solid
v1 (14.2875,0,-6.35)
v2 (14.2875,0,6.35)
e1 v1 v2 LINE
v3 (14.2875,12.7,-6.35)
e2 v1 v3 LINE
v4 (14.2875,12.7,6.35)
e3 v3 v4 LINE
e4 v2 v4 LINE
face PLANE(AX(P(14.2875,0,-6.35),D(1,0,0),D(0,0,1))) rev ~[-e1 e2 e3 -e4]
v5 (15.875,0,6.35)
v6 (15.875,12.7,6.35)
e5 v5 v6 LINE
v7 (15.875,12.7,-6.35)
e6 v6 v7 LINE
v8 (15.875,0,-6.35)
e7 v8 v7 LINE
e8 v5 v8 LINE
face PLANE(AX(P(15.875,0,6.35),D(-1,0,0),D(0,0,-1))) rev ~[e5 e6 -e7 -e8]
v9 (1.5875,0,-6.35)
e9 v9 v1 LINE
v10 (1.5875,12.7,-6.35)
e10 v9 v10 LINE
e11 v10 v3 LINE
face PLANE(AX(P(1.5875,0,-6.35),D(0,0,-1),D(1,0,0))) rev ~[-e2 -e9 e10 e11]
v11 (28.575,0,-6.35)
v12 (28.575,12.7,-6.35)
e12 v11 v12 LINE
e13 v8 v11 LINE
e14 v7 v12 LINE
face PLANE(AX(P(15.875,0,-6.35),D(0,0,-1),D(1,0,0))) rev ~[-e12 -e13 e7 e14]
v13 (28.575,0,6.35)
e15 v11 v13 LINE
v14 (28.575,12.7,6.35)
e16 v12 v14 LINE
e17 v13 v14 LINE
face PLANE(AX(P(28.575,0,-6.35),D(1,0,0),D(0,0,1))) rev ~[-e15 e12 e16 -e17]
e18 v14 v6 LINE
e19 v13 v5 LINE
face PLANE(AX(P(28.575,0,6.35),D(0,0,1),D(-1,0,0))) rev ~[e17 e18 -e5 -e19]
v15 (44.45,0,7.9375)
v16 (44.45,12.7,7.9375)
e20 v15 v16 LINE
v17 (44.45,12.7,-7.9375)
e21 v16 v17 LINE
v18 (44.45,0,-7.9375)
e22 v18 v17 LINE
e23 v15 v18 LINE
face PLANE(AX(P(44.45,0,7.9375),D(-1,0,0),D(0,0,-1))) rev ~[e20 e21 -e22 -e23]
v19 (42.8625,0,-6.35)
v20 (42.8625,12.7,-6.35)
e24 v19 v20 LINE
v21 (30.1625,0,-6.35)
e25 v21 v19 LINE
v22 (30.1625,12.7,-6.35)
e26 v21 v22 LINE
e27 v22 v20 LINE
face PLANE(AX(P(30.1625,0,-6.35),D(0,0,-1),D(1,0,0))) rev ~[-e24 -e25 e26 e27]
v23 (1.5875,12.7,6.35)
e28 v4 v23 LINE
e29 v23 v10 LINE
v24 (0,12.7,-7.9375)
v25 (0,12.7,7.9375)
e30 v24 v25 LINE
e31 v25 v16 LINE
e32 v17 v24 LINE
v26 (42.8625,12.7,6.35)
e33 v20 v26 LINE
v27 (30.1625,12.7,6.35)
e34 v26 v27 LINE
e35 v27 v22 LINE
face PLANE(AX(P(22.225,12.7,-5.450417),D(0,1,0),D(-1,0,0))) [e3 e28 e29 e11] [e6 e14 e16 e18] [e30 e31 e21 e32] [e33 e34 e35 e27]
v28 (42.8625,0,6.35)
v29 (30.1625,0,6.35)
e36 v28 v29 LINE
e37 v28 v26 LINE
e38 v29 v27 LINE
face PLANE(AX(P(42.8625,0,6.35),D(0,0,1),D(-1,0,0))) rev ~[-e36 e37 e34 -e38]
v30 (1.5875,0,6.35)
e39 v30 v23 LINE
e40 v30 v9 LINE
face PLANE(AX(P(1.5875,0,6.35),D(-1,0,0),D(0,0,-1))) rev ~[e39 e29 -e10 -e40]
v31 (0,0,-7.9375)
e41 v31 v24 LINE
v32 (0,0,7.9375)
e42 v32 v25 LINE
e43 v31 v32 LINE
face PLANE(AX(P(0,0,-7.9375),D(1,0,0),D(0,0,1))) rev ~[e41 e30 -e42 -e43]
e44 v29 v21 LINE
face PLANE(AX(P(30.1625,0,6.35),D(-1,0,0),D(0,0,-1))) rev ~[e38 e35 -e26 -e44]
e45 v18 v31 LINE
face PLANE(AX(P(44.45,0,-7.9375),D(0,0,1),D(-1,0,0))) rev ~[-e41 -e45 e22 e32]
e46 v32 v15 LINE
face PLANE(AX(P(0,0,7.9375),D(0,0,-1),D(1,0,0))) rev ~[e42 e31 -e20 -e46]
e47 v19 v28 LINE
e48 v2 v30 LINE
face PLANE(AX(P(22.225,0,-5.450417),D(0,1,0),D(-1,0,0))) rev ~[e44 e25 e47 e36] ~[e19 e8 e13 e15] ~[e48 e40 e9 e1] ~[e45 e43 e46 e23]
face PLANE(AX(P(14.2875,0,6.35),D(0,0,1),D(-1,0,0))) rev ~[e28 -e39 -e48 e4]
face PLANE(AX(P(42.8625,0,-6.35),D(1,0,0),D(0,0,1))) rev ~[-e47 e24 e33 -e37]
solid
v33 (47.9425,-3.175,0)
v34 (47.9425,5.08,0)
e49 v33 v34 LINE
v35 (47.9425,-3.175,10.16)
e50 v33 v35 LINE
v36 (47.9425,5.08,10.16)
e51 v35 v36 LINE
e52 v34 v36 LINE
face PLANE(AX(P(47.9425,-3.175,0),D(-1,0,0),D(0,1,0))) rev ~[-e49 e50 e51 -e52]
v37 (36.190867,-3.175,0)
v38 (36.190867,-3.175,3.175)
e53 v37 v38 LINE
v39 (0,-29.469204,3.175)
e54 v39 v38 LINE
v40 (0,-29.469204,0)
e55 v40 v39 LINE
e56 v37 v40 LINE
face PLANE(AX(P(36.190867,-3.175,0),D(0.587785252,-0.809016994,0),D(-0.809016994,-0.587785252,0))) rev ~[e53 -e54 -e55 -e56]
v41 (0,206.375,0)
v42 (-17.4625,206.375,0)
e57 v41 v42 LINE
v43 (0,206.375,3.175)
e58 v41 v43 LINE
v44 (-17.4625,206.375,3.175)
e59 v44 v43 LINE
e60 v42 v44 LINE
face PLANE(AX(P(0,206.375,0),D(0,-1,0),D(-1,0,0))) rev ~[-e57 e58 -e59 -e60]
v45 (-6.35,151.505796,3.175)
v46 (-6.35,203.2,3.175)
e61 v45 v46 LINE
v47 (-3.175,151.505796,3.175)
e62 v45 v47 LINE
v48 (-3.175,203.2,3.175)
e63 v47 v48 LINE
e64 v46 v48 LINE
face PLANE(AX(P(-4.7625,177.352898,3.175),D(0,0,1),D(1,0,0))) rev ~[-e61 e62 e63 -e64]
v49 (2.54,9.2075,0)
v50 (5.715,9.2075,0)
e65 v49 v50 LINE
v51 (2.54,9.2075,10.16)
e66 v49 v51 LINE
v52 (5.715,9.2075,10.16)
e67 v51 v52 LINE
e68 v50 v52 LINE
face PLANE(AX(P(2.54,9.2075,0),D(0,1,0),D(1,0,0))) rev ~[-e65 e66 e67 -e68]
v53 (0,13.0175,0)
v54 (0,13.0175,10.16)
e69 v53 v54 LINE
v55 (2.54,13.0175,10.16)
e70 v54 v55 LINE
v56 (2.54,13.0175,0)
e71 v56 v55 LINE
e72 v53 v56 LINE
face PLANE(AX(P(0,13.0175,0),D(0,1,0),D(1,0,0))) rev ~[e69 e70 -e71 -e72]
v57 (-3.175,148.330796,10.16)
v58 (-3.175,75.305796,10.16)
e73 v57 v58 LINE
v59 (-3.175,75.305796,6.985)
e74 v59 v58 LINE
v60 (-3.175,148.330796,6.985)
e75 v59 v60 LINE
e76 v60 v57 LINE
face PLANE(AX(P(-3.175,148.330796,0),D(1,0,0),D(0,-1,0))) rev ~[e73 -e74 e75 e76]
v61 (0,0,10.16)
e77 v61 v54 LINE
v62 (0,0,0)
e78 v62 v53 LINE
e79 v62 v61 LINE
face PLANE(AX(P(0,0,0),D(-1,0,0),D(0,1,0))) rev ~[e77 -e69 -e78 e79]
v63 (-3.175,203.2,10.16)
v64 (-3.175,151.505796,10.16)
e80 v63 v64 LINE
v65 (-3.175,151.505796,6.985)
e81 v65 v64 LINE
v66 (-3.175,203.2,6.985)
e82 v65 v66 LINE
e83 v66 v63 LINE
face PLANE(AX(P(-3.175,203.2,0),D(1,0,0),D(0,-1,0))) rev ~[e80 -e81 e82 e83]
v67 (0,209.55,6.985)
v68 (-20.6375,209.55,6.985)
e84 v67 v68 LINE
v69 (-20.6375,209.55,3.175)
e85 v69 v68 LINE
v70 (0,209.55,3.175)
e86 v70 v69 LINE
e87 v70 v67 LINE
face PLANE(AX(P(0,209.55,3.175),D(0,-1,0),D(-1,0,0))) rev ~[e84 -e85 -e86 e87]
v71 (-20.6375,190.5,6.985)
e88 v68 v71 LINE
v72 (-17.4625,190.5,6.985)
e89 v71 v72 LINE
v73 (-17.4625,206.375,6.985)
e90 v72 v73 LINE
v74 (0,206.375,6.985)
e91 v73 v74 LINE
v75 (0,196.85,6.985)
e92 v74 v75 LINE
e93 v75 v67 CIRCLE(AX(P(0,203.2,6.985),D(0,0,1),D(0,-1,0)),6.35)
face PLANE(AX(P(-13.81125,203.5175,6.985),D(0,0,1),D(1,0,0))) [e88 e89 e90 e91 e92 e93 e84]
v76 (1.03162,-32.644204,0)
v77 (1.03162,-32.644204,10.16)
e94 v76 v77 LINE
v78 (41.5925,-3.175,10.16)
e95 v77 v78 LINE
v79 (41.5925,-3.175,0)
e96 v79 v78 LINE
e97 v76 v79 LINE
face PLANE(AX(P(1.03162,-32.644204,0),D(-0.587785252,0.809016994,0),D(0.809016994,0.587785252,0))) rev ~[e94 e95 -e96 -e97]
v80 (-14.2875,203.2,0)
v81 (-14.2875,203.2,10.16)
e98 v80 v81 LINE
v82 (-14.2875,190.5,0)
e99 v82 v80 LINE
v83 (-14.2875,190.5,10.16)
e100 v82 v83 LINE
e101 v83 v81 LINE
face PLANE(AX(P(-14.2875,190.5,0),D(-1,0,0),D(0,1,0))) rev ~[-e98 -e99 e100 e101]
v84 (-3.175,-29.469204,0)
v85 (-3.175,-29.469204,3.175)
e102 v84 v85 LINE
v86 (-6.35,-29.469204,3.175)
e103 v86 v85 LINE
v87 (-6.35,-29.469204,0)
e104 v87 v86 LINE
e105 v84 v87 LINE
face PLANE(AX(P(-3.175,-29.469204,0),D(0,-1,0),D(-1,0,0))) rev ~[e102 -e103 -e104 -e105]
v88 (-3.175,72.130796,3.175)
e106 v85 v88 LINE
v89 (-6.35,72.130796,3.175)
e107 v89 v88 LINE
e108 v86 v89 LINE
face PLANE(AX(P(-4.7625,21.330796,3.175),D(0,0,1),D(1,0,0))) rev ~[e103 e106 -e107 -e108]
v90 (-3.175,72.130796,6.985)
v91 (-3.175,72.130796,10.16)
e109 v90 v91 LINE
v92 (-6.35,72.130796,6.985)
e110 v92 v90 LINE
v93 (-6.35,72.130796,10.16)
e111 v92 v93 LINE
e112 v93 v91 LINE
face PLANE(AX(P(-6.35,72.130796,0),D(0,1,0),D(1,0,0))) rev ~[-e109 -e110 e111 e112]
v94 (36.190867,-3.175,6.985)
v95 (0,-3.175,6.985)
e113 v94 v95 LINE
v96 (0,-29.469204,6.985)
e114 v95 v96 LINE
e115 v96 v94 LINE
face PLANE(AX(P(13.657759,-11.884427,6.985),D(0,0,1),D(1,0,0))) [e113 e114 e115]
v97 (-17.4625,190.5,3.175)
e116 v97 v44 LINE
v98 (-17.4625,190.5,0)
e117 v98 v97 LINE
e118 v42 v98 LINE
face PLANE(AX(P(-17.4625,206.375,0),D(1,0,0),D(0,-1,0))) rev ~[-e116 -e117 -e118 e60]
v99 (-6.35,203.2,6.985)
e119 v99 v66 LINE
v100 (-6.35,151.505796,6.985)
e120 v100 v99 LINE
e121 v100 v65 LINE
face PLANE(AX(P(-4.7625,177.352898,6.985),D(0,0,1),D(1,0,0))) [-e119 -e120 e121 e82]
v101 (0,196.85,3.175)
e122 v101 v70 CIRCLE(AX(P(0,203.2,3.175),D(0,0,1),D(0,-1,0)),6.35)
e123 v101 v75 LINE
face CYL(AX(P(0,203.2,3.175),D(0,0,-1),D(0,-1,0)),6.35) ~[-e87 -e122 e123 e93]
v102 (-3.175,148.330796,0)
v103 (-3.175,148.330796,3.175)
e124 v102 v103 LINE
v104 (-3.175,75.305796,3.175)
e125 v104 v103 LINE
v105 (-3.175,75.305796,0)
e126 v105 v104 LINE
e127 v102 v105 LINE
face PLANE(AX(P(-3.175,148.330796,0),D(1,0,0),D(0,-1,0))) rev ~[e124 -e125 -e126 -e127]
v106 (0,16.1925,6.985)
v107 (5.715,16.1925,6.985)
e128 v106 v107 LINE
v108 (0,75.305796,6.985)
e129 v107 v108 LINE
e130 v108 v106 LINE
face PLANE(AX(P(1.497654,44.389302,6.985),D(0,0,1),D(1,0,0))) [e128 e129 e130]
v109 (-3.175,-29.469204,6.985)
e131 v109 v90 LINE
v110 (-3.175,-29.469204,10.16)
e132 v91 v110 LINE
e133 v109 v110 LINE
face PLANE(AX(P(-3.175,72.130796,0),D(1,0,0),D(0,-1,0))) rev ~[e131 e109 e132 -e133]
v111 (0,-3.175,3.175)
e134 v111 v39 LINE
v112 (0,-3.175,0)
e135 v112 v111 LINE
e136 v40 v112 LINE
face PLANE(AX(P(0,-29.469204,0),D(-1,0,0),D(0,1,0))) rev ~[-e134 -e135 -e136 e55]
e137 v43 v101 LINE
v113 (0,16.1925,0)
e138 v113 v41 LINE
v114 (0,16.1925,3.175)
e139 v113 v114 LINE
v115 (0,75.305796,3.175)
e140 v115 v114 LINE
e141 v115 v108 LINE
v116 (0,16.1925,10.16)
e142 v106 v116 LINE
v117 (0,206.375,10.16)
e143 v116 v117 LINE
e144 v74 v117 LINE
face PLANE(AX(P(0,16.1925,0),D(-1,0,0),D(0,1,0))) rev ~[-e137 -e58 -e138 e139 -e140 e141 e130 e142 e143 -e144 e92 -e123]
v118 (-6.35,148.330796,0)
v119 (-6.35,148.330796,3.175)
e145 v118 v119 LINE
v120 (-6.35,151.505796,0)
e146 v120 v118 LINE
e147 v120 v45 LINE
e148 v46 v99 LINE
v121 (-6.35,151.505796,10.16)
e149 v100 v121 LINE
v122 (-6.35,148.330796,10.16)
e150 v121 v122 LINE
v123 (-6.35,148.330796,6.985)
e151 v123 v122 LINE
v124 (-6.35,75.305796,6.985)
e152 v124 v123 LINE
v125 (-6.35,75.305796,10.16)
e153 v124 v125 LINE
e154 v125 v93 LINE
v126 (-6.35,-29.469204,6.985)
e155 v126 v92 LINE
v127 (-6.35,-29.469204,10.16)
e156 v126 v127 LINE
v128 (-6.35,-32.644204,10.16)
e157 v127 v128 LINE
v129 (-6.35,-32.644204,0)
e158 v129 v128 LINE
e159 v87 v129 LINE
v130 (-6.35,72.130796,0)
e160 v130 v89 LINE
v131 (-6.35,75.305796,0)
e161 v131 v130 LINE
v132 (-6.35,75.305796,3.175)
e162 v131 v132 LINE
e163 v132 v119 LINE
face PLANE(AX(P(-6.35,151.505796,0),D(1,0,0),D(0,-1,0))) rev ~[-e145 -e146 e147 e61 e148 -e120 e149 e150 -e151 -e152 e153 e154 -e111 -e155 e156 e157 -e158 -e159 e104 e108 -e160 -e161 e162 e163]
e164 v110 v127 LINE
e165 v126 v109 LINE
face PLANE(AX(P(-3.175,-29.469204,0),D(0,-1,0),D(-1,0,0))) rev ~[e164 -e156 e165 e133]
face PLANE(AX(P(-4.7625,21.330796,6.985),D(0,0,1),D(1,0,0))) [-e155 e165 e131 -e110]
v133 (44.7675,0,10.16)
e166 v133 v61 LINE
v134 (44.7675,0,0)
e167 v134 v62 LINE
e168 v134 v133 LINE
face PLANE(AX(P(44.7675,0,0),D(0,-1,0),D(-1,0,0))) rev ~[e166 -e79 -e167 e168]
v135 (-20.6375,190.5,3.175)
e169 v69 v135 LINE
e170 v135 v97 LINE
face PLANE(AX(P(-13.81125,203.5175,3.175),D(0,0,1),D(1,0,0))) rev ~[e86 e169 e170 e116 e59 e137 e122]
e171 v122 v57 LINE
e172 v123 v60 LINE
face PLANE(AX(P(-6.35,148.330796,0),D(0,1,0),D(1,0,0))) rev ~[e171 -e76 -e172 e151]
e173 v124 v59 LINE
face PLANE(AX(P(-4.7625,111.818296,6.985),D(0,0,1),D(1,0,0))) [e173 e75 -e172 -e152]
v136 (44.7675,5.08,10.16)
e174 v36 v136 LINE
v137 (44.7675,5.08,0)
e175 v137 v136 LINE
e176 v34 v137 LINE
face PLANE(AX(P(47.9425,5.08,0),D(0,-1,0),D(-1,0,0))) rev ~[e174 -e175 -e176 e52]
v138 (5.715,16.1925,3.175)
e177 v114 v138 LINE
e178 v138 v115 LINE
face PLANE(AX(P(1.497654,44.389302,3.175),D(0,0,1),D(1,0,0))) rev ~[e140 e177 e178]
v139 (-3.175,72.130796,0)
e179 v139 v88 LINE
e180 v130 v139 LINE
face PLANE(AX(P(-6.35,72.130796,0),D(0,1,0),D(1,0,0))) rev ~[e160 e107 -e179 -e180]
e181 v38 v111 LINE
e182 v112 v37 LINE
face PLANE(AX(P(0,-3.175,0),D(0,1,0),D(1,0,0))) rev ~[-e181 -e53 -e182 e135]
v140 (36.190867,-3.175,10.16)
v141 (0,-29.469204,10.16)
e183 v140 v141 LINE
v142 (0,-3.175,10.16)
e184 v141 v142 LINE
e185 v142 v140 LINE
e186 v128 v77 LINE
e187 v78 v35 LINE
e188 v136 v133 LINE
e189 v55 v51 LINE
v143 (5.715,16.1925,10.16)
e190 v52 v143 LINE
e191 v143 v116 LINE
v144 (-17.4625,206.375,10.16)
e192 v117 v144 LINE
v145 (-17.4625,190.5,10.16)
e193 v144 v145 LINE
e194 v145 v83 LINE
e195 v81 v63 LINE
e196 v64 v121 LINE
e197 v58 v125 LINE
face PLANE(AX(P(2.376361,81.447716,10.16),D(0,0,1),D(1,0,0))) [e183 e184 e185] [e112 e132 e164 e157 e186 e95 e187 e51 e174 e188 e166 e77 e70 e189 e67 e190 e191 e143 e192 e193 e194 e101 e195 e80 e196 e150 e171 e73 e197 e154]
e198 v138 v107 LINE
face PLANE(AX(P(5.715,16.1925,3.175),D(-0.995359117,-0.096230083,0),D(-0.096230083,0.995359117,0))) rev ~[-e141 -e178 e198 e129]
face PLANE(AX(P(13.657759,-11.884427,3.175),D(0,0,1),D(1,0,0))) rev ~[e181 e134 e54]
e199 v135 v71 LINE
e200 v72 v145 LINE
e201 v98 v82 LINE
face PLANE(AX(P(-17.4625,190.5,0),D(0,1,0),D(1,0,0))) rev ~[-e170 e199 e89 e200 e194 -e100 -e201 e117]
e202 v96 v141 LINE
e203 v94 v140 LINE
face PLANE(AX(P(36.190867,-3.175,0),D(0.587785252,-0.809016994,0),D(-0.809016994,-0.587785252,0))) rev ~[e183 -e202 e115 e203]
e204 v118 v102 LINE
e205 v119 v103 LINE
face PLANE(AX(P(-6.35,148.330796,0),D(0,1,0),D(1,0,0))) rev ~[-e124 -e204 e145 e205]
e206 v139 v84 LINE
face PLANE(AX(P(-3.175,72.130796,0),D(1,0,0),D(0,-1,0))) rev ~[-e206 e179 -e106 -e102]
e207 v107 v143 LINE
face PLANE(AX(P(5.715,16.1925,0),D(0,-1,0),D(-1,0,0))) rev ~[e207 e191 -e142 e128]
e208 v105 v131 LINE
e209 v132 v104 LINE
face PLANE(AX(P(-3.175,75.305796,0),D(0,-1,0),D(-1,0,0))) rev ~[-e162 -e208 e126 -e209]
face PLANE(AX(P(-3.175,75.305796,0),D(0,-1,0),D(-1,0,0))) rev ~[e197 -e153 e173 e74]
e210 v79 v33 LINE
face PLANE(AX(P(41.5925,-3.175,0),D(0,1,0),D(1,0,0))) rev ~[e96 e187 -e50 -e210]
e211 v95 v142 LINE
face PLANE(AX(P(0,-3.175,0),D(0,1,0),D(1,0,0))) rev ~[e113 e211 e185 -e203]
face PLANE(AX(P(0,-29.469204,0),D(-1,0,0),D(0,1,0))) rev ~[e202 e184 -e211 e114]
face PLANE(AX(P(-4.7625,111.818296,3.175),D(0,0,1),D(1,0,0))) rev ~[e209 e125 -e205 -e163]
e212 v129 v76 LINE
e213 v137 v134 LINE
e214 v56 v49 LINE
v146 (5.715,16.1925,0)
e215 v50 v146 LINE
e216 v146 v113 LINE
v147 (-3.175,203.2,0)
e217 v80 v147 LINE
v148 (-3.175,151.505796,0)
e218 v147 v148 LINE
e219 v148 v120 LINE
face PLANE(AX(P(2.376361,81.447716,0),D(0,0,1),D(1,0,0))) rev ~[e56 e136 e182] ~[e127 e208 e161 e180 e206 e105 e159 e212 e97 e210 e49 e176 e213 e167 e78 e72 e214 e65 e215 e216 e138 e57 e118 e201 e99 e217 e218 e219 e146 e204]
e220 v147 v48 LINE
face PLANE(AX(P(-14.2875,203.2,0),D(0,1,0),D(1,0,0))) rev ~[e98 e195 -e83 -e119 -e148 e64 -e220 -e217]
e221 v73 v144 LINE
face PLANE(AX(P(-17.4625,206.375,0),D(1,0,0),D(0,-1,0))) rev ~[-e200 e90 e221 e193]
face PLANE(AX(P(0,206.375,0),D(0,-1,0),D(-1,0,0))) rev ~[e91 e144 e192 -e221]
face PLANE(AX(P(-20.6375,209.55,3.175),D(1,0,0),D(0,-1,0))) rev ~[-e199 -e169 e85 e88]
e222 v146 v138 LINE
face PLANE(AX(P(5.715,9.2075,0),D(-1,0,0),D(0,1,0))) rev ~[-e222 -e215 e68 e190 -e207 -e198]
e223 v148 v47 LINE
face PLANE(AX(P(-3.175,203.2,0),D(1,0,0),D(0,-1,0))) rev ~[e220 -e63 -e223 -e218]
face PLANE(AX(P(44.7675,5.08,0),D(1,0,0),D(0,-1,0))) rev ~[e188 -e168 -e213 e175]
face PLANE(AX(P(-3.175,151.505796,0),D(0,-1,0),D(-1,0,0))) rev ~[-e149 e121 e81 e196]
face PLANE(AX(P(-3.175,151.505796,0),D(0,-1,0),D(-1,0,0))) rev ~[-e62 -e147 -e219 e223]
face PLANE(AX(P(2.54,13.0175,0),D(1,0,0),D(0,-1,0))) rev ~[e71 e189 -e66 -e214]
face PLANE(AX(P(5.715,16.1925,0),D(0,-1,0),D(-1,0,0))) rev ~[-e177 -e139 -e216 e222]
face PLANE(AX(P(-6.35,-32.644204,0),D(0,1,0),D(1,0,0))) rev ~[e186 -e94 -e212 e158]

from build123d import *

# Parameters (mm, degrees)
F1_DEPTH = 10.16
F2_START = 3.175
F0_W     = 3.175
F0_H     = 51.6942042675
F0_H_2   = 101.6
F0_H_3   = 73.025
F2_DEPTH = 3.81
F4_DEPTH = 12.7


with BuildPart() as f1:
    # F0 (on Top) → F1 (new body)
    with BuildSketch(Plane.XY):
        Polygon((-17.4625, 206.375), (-17.4625, 190.5), (-14.2875, 190.5), (-14.2875, 203.2), (-6.35, 203.2), (-3.175, 203.2), (-3.175, 151.5057957325), (-6.35, 151.5057957325), (-6.35, 148.3307957325), (-3.175, 148.3307957325), (-3.175, 75.3057957325), (-6.35, 75.3057957325), (-6.35, 72.1307957325), (-3.175, 72.1307957325), (-3.175, -29.4692042675), (-6.35, -29.4692042675), (-6.35, -32.6442042675), (1.0316200355, -32.6442042675), (41.5925, -3.175), (47.9425, -3.175), (47.9425, 5.08), (44.7675, 5.08), (44.7675, 0), (0, 0), (0, 13.0175), (2.54, 13.0175), (2.54, 9.2075), (5.715, 9.2075), (5.715, 16.1925), (0, 16.1925), (0, 75.3057957325), (0, 196.85), (0, 206.375), align=None)
        Polygon((0, -29.4692042675), (0, -3.175), (36.190867367, -3.175), align=None, mode=Mode.SUBTRACT)
    extrude(amount=F1_DEPTH)

    # F0 (on Top) → F2 (join)
    with BuildSketch(Plane.XY.offset(F2_START)):
        Polygon((-20.6375, 190.5), (-17.4625, 190.5), (-17.4625, 206.375), (0, 206.375), (0, 209.55), (-20.6375, 209.55), align=None)
        with Locations((-4.7625, 177.3528978662)):
            Rectangle(F0_W, F0_H)
        with Locations((-4.7625, 21.3307957325)):
            Rectangle(F0_W, F0_H_2)
        Polygon((5.715, 16.1925), (0, 75.3057957325), (0, 16.1925), align=None)
        Polygon((36.190867367, -3.175), (0, -3.175), (0, -29.4692042675), align=None)
        with BuildLine():
            Line((0, 209.55), (0, 206.375))
            Line((0, 206.375), (0, 196.85))
            ThreePointArc((0, 196.85), (6.35, 203.2), (0, 209.55))
        make_face()
        with Locations((-4.7625, 111.8182957325)):
            Rectangle(F0_W, F0_H_3)
    extrude(amount=F2_DEPTH)


with BuildPart() as f4:
    # F3 (on face) → F4 (new body)
    with BuildSketch(Plane(origin=(0, 0, 0), x_dir=(-1, 0, 0), z_dir=(0, 1, 0))):
        Polygon((0, -7.9375), (0, 0), (-1.5875, 0), (-1.5875, -6.35), (-14.2875, -6.35), (-14.2875, 0), (-15.875, 0), (-15.875, -6.35), (-28.575, -6.35), (-28.575, 0), (-30.1625, 0), (-30.1625, -6.35), (-42.8625, -6.35), (-42.8625, 0), (-44.45, 0), (-44.45, -7.9375), align=None)
        Polygon((0, 0), (0, 7.9375), (-44.45, 7.9375), (-44.45, 0), (-42.8625, 0), (-42.8625, 6.35), (-30.1625, 6.35), (-30.1625, 0), (-28.575, 0), (-28.575, 6.35), (-15.875, 6.35), (-15.875, 0), (-14.2875, 0), (-14.2875, 6.35), (-1.5875, 6.35), (-1.5875, 0), align=None)
    extrude(amount=F4_DEPTH)


solid = Compound([f1.part, f4.part])
